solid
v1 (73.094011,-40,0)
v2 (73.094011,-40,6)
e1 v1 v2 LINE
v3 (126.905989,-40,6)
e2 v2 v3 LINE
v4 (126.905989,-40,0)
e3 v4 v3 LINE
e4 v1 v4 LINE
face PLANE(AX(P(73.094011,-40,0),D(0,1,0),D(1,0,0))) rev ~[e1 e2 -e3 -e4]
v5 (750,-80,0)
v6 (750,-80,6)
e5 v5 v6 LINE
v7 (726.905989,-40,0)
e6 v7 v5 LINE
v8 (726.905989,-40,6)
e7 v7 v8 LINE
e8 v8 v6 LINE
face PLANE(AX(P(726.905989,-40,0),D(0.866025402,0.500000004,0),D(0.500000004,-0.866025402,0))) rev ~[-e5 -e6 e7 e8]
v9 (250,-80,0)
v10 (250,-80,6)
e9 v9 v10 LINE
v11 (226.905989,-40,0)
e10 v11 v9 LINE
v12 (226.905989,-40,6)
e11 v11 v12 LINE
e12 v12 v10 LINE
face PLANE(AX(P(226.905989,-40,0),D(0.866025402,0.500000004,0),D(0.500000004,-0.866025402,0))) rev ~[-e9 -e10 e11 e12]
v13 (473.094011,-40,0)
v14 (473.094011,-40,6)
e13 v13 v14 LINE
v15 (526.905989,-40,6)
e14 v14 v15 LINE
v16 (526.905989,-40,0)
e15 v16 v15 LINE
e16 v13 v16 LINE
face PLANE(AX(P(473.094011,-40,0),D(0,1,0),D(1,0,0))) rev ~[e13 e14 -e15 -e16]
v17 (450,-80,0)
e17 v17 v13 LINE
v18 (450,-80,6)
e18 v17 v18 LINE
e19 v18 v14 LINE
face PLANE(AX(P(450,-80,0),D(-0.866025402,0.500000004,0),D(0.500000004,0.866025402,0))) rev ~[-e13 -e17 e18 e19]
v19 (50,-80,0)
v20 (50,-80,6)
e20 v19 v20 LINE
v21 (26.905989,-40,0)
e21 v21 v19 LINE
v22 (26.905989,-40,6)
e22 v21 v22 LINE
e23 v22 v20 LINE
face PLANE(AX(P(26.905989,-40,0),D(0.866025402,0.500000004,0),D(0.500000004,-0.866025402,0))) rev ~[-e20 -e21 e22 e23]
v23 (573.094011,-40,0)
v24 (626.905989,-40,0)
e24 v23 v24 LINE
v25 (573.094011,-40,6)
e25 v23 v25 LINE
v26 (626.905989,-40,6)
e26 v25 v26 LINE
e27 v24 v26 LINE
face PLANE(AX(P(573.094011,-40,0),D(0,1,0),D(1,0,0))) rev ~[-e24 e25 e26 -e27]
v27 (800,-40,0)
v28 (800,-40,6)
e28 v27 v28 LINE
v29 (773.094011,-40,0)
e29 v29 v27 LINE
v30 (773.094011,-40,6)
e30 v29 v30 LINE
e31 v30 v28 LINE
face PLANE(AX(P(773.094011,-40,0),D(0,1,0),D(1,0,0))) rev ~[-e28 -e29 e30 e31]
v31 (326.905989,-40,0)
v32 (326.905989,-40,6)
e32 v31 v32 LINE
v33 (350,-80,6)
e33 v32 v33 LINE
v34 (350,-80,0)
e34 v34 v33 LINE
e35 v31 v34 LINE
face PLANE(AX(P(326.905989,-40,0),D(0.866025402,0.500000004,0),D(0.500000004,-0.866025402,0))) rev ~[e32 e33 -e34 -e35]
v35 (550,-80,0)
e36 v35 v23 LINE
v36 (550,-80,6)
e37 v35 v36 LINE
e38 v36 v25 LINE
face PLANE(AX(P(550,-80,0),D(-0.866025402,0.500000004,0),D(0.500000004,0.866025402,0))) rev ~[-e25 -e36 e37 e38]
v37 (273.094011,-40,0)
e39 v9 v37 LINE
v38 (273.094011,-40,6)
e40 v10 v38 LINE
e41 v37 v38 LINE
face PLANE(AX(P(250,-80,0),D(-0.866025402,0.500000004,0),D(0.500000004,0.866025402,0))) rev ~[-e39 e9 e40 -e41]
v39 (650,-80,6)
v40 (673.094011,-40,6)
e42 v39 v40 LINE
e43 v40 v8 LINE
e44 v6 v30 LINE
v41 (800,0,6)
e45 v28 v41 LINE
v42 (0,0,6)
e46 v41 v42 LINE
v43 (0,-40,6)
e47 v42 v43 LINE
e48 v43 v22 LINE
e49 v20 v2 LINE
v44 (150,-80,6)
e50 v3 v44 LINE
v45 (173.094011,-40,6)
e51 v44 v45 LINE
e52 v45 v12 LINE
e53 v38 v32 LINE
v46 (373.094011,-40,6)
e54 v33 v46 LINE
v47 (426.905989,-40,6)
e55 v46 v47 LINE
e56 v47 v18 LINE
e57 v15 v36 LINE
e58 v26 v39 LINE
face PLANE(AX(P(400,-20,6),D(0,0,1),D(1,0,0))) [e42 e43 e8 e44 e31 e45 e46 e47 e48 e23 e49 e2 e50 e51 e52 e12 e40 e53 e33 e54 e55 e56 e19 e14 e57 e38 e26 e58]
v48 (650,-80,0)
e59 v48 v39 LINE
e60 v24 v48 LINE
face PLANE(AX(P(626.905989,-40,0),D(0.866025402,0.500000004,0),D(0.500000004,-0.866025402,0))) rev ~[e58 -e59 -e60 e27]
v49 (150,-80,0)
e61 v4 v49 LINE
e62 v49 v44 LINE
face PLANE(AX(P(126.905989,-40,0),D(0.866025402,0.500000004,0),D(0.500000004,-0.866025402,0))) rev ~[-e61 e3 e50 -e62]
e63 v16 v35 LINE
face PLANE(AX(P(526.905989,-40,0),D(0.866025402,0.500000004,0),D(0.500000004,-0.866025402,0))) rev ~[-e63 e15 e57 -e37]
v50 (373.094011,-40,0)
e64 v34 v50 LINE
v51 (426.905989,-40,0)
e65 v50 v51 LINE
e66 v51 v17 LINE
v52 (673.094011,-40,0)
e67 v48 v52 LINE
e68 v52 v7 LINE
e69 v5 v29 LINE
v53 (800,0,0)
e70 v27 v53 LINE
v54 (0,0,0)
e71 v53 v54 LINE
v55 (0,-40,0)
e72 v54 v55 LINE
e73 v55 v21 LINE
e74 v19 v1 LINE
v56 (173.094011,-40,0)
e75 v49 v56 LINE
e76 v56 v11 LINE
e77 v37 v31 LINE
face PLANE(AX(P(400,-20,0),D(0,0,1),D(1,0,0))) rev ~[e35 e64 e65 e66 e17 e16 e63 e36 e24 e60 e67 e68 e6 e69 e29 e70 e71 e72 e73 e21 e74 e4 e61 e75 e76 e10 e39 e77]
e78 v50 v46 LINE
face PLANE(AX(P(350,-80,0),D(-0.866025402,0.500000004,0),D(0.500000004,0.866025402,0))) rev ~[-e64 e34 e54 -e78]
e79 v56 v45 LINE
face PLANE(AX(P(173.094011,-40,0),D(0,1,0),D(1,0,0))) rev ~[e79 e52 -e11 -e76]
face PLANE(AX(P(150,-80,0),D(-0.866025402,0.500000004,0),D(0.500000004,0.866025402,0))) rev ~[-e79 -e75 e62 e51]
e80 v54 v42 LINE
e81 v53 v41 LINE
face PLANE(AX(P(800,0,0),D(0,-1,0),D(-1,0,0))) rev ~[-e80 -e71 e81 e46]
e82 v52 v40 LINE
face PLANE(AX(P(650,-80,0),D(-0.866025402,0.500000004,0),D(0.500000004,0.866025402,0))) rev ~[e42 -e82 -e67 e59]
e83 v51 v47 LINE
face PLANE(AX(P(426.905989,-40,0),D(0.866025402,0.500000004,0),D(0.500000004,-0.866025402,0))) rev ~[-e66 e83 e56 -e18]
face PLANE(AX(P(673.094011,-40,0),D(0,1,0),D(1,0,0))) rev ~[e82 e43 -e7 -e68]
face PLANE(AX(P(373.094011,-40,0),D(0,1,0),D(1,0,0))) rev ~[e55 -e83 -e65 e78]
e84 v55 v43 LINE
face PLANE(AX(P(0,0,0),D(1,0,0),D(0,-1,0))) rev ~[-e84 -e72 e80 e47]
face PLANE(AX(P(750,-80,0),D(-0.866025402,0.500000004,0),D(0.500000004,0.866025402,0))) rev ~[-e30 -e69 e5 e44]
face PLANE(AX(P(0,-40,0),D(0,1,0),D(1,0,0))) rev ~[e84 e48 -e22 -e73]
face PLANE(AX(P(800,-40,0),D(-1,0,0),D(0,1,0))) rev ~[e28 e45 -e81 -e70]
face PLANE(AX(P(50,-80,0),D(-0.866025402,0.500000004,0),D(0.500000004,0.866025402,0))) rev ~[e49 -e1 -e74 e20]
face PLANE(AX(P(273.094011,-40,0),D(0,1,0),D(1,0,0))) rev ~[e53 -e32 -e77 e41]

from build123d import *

# Parameters (mm, degrees)
F1_DEPTH = 6


with BuildPart() as f1:
    # F0 (on Top) → F1 (new body)
    with BuildSketch(Plane.XY):
        Polygon((800, 0), (0, 0), (0, -40), (26.905989, -40), (73.094011, -40), (126.905989, -40), (173.094011, -40), (226.905989, -40), (273.094011, -40), (326.905989, -40), (373.094011, -40), (426.905989, -40), (473.094011, -40), (526.905989, -40), (573.094011, -40), (626.905989, -40), (673.094011, -40), (726.905989, -40), (773.094011, -40), (800, -40), align=None)
        Polygon((73.094011, -40), (26.905989, -40), (50, -80), align=None)
        Polygon((750, -80), (773.094011, -40), (726.905989, -40), align=None)
        Polygon((173.094011, -40), (126.905989, -40), (150, -80), align=None)
        Polygon((650, -80), (673.094011, -40), (626.905989, -40), align=None)
        Polygon((273.094011, -40), (226.905989, -40), (250, -80), align=None)
        Polygon((550, -80), (573.094011, -40), (526.905989, -40), align=None)
        Polygon((373.094011, -40), (326.905989, -40), (350, -80), align=None)
        Polygon((450, -80), (473.094011, -40), (426.905989, -40), align=None)
    extrude(amount=F1_DEPTH)


solid = f1.part
